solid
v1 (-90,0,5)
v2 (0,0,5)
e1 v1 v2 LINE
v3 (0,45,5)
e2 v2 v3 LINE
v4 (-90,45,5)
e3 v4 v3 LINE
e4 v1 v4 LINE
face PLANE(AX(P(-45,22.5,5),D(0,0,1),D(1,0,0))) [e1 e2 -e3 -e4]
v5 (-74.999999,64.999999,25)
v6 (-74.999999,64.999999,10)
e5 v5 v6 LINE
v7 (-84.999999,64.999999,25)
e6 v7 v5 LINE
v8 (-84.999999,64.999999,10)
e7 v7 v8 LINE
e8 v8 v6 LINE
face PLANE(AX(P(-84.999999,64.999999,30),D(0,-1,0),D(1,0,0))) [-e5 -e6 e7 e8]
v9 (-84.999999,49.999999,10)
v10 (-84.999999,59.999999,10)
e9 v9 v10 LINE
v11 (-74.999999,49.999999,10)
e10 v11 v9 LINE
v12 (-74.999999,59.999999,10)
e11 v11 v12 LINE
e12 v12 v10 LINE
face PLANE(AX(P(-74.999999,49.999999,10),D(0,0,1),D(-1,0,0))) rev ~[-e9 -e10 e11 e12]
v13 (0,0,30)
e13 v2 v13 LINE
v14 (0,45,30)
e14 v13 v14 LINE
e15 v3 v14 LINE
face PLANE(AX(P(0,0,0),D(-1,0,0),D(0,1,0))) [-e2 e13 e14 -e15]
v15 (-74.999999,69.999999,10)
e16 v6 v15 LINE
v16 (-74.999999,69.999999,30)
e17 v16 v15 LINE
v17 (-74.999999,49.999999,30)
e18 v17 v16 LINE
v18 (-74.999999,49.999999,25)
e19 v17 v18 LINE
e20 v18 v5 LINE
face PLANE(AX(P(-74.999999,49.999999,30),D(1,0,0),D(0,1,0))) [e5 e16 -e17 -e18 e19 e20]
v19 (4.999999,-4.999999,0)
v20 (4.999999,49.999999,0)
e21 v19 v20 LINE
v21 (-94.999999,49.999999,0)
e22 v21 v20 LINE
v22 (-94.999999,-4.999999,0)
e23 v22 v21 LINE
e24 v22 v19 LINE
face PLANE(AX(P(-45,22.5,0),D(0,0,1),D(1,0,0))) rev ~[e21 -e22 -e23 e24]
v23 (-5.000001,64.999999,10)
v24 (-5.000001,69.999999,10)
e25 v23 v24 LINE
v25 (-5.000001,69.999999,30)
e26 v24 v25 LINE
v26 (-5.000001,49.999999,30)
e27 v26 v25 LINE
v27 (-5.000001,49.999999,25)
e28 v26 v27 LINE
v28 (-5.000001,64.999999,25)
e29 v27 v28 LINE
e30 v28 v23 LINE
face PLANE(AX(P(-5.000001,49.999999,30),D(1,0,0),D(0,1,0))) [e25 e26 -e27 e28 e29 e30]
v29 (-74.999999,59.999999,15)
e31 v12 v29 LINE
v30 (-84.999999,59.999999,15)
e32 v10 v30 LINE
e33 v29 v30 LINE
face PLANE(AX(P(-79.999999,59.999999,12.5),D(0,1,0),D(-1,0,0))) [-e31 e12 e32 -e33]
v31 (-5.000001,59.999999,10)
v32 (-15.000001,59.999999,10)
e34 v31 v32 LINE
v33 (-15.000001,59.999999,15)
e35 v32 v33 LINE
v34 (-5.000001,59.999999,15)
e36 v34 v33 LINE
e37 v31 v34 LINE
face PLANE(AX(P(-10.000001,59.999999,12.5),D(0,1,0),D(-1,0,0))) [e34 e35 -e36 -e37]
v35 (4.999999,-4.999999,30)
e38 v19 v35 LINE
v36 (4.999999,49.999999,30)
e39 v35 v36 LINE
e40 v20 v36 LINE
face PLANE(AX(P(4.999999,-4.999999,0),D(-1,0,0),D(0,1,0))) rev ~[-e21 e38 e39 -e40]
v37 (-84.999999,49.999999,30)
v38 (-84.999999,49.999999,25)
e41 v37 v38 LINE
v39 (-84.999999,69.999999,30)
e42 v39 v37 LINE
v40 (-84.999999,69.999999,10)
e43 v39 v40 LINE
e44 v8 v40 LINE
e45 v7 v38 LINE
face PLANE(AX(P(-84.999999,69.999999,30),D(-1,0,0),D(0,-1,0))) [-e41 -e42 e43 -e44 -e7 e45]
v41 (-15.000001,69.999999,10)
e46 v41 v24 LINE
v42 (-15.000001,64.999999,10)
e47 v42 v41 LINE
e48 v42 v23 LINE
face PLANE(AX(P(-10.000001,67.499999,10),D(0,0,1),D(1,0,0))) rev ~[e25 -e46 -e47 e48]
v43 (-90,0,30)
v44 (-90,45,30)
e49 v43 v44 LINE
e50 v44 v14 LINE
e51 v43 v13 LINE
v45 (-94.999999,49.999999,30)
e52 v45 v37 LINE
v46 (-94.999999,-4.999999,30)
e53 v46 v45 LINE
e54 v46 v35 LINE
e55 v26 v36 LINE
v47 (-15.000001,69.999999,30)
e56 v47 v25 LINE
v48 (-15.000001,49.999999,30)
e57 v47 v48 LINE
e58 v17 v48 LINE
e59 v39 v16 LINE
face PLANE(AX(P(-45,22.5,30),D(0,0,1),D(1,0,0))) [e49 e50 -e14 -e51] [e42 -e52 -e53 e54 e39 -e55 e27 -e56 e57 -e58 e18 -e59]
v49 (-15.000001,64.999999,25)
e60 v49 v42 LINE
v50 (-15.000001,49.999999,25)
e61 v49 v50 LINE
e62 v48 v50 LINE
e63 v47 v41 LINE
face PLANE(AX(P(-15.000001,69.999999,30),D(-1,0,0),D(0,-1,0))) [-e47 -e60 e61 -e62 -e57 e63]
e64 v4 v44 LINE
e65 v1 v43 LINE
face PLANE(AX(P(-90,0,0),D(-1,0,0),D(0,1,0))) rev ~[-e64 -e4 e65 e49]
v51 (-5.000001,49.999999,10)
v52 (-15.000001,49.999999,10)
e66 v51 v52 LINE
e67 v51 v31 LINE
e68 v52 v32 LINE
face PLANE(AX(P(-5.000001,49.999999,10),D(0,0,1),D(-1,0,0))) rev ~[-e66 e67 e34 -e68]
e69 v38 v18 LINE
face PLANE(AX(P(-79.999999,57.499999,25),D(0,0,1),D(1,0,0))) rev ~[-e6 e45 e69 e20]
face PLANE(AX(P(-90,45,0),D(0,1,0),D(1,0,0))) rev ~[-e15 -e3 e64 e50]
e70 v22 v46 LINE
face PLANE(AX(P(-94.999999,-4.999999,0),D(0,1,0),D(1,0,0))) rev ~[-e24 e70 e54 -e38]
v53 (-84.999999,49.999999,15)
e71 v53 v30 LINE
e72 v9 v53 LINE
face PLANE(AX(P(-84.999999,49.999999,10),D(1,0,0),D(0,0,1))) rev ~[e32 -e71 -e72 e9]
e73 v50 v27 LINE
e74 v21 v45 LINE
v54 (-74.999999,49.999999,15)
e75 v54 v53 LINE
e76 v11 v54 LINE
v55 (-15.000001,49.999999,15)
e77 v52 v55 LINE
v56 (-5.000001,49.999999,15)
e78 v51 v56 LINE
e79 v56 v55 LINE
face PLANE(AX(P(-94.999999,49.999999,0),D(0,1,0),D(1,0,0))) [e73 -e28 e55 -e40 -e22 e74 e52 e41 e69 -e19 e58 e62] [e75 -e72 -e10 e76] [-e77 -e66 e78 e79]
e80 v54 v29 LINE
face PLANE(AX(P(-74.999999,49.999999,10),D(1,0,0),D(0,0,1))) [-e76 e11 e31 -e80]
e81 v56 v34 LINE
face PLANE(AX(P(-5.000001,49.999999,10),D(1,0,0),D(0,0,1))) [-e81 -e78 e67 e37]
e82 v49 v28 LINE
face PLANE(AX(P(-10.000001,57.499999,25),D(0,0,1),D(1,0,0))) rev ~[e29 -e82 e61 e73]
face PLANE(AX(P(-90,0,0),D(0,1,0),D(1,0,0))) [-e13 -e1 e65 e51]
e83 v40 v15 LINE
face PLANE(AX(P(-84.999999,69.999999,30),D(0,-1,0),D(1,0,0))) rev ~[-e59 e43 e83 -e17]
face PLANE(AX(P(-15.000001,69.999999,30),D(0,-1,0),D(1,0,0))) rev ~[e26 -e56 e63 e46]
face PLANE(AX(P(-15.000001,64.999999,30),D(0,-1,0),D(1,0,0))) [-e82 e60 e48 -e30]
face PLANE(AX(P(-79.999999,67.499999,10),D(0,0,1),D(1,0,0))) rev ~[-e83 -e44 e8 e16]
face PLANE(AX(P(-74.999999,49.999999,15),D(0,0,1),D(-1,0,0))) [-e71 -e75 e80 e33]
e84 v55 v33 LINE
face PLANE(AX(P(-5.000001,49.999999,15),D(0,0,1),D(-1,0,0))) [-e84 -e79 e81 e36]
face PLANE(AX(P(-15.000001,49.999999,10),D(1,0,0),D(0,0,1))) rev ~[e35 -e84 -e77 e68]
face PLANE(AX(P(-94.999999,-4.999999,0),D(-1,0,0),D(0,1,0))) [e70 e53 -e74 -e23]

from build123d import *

# Parameters (mm, degrees)
F0_W     = 90
F0_H     = 45
F1_DEPTH = 5
F0_W_2   = 99.999998
F0_H_2   = 54.999998
F2_DEPTH = 30
F3_W     = 10
F3_H     = 15
F3_H_2   = 5
F4_DEPTH = 5
F5_DEPTH = 20
F6_W     = 10
F6_H     = 5
F7_DEPTH = 10


with BuildPart() as f1:
    # F0 (on Top) → F1 (new body)
    with BuildSketch(Plane.XY):
        with Locations((-45, 22.5)):
            Rectangle(F0_W, F0_H)
    extrude(amount=F1_DEPTH)

    # F0 (on Top) → F2 (join)
    with BuildSketch(Plane.XY):
        with Locations((-45, 22.5)):
            Rectangle(F0_W_2, F0_H_2)
        with Locations((-45, 22.5)):
            Rectangle(F0_W, F0_H, mode=Mode.SUBTRACT)
    extrude(amount=F2_DEPTH)

    # F3 (on face) → F4 (join)
    with BuildSketch(Plane.XY.offset(30)):
        with Locations((-79.999999, 57.499999)):
            Rectangle(F3_W, F3_H)
        with Locations((-79.999999, 67.499999)):
            Rectangle(F3_W, F3_H_2)
        with Locations((-10.000001, 57.499999)):
            Rectangle(F3_W, F3_H)
        with Locations((-10.000001, 67.499999)):
            Rectangle(F3_W, F3_H_2)
    extrude(amount=-F4_DEPTH)

    # F3 (on face) → F5 (join)
    with BuildSketch(Plane.XY.offset(30)):
        with Locations((-79.999999, 67.499999)):
            Rectangle(F3_W, F3_H_2)
        with Locations((-10.000001, 67.499999)):
            Rectangle(F3_W, F3_H_2)
    extrude(amount=-F5_DEPTH)

    # F6 (on face) → F7 (join)
    with BuildSketch(Plane(origin=(0, 49.999999, 0), x_dir=(-1, 0, 0), z_dir=(0, 1, 0))):
        with Locations((10.000001, 12.5)):
            Rectangle(F6_W, F6_H)
        with Locations((79.999999, 12.5)):
            Rectangle(F6_W, F6_H)
    extrude(amount=F7_DEPTH)


solid = f1.part
